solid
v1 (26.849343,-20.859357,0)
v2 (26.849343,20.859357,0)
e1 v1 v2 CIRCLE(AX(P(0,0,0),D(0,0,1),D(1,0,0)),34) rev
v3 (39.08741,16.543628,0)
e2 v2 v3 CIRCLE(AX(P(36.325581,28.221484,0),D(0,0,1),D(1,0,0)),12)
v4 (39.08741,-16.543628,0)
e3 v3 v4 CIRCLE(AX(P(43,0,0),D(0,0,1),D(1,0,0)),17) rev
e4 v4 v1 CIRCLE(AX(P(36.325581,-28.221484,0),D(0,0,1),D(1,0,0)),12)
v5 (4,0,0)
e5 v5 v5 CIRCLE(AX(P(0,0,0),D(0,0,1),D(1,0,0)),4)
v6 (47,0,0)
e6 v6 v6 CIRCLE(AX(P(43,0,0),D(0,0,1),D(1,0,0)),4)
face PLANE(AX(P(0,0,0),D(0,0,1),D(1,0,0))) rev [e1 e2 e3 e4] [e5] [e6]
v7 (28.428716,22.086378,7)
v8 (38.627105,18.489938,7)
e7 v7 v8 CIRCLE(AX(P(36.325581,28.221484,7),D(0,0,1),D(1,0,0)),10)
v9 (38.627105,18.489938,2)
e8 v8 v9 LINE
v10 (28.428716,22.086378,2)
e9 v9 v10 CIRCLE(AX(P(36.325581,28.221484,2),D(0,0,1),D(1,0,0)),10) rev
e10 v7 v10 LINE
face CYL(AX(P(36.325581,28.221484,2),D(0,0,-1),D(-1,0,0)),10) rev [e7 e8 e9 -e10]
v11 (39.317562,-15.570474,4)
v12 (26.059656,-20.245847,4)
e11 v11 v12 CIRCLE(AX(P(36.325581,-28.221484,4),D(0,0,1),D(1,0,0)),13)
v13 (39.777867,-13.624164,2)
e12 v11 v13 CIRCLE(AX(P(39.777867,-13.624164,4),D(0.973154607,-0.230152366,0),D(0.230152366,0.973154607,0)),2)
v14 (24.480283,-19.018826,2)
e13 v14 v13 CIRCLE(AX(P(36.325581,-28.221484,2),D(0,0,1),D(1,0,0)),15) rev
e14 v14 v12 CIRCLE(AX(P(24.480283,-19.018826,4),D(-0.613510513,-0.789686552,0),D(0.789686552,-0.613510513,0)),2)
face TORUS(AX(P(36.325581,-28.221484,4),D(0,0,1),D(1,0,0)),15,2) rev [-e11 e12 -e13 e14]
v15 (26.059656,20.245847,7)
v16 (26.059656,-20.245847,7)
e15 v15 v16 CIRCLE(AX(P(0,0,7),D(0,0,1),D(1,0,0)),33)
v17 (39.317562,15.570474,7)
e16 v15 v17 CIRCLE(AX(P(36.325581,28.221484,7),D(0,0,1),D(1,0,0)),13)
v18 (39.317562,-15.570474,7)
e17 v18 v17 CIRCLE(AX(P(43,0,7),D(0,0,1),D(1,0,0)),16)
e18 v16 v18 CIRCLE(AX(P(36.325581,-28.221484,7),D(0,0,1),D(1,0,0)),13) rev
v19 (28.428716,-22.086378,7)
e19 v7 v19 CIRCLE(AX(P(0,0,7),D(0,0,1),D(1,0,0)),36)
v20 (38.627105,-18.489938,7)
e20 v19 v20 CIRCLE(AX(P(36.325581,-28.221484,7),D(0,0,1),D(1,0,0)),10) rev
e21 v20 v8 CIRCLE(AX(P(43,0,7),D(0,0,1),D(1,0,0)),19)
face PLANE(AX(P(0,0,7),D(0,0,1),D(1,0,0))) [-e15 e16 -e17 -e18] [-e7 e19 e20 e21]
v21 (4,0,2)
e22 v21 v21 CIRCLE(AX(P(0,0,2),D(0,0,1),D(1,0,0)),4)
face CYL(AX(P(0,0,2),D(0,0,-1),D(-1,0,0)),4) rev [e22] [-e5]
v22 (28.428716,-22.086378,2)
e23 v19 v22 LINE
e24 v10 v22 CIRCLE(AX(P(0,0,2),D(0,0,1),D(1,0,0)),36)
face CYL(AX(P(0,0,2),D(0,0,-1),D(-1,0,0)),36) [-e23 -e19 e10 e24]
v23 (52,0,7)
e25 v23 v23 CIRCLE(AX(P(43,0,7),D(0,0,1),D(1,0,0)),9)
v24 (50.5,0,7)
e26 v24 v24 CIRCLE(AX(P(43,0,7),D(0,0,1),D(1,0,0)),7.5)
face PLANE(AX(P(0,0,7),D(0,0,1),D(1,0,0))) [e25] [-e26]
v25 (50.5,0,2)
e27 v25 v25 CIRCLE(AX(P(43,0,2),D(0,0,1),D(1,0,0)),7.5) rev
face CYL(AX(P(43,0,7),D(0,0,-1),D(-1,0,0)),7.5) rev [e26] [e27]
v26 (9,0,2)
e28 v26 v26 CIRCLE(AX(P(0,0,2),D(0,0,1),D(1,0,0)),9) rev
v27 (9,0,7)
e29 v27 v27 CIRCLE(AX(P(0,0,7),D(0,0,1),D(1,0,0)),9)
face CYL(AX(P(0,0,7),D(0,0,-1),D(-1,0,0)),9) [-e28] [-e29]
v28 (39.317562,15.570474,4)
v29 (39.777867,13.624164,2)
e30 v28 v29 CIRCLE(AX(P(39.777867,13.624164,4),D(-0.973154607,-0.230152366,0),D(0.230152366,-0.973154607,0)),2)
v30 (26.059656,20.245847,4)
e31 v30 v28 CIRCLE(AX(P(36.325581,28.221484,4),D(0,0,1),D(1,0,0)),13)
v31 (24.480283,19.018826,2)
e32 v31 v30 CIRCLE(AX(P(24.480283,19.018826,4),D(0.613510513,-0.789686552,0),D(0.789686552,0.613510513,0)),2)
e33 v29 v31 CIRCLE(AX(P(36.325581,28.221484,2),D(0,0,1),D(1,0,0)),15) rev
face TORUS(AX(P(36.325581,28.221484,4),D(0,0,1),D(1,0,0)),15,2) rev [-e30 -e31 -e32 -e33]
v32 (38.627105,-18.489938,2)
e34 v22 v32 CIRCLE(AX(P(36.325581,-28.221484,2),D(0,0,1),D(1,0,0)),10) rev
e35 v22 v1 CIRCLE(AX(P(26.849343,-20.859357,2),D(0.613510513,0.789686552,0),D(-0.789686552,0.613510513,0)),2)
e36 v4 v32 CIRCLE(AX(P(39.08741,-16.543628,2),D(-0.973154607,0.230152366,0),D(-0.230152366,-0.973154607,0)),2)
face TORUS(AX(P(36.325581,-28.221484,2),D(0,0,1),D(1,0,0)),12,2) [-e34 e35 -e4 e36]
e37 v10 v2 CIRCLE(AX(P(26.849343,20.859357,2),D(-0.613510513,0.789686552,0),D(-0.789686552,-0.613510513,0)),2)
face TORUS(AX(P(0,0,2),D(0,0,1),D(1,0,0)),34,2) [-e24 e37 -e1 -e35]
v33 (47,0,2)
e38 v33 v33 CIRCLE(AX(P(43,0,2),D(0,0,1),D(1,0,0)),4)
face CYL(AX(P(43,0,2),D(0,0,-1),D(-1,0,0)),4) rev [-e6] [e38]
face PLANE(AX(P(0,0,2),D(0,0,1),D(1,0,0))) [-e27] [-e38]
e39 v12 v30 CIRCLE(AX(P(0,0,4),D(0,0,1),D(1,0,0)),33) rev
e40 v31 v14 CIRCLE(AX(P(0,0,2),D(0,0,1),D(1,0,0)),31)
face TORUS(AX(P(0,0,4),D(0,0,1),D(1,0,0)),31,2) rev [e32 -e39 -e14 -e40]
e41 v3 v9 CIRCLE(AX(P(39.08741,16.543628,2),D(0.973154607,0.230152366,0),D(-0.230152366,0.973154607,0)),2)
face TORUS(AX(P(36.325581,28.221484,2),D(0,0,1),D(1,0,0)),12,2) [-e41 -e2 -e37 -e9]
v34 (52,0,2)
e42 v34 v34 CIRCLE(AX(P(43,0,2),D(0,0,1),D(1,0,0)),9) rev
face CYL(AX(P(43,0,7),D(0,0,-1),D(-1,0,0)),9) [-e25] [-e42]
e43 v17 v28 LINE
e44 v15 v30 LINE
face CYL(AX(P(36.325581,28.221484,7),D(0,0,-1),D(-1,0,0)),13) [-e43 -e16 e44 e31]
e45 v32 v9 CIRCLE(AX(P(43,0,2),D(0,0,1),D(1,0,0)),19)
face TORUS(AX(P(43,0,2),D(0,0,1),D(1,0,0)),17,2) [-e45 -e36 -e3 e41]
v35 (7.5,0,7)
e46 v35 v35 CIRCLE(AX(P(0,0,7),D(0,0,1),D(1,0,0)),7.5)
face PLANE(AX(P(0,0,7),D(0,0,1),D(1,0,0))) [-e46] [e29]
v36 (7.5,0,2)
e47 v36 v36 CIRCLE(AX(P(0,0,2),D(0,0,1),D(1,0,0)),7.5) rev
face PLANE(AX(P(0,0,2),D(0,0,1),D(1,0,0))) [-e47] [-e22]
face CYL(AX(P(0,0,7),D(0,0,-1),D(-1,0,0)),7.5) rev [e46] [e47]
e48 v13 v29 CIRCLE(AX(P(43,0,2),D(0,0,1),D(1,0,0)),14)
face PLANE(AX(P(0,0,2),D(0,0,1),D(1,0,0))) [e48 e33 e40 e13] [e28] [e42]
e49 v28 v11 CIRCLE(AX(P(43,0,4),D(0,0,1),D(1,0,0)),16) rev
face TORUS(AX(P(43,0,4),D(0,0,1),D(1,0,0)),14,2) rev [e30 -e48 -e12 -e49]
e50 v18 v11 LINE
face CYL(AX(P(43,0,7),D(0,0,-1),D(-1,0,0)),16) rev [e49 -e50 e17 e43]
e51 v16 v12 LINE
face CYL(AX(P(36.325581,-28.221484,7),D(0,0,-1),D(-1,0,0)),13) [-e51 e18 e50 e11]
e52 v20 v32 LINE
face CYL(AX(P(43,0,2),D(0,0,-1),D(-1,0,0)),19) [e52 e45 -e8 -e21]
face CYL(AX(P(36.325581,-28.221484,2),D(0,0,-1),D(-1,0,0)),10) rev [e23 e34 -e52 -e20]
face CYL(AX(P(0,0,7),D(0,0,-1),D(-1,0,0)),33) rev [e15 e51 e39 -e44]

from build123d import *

# Parameters (mm, degrees)
SKETCH1_R           = 4
BOSS_EXTRUDE1_DEPTH = 2
SKETCH1_3_R         = 9
SKETCH1_3_R_2       = 7.5
BOSS_EXTRUDE2_DEPTH = 7
BOSS_EXTRUDE3_DEPTH = 7
FILLET1_R           = 2


with BuildPart() as part:
    # Sketch1 → Boss-Extrude1 (new body)
    with BuildSketch(Plane.XY):
        with BuildLine():
            ThreePointArc((38.627105052, 18.489937528), (32.999839448, 18.790712656), (28.428715875, 22.086378465))
            ThreePointArc((28.428715875, 22.086378465), (-36, 0), (28.428715875, -22.086378465))
            ThreePointArc((28.428715875, -22.086378465), (32.999839448, -18.790712656), (38.627105052, -18.489937528))
            ThreePointArc((38.627105052, -18.489937528), (62, 0), (38.627105052, 18.489937528))
        make_face()
        Circle(SKETCH1_R, mode=Mode.SUBTRACT)
        with Locations((43, 0)):
            Circle(SKETCH1_R, mode=Mode.SUBTRACT)
    extrude(amount=BOSS_EXTRUDE1_DEPTH)

    # Sketch1<3> → Boss-Extrude2 (add)
    # profile 1 of 2: a face of its own
    with BuildSketch(Plane.XY):
        Circle(SKETCH1_3_R)
        Circle(SKETCH1_3_R_2, mode=Mode.SUBTRACT)
    # profile 2 of 2: a face of its own
    with BuildSketch(Plane.XY):
        with Locations((43, 0)):
            Circle(SKETCH1_3_R)
        with Locations((43, 0)):
            Circle(SKETCH1_3_R_2, mode=Mode.SUBTRACT)
    extrude(amount=BOSS_EXTRUDE2_DEPTH)

    # Sketch1<4> → Boss-Extrude3 (add)
    with BuildSketch(Plane.XY):
        with BuildLine():
            ThreePointArc((38.627105052, 18.489937528), (32.999839448, 18.790712656), (28.428715875, 22.086378465))
            ThreePointArc((28.428715875, 22.086378465), (-36, 0), (28.428715875, -22.086378465))
            ThreePointArc((28.428715875, -22.086378465), (32.999839448, -18.790712656), (38.627105052, -18.489937528))
            ThreePointArc((38.627105052, -18.489937528), (62, 0), (38.627105052, 18.489937528))
        make_face()
        with BuildLine():
            ThreePointArc((26.059656218, -20.245846927), (-33, 0), (26.059656218, 20.245846927))
            ThreePointArc((26.059656218, 20.245846927), (32.002116864, 15.961481374), (39.317562149, 15.570473707))
            ThreePointArc((39.317562149, 15.570473707), (59, 0), (39.317562149, -15.570473707))
            ThreePointArc((39.317562149, -15.570473707), (32.002116864, -15.961481374), (26.059656218, -20.245846927))
        make_face(mode=Mode.SUBTRACT)
    extrude(amount=BOSS_EXTRUDE3_DEPTH)

    # Fillet1
    fillet1_edges = [part.edges().sort_by_distance(p)[0] for p in [
        (32.999839448, -18.790712656, 0),
        (-36, 0, 0),
        (32.999839448, 18.790712656, 0),
        (32.002116864, -15.961481374, 2),
        (59, 0, 2),
        (32.002116864, 15.961481374, 2),
        (62, 0, 0),
        (-33, 0, 2),
    ]]
    fillet(fillet1_edges, radius=FILLET1_R)


solid = part.part
